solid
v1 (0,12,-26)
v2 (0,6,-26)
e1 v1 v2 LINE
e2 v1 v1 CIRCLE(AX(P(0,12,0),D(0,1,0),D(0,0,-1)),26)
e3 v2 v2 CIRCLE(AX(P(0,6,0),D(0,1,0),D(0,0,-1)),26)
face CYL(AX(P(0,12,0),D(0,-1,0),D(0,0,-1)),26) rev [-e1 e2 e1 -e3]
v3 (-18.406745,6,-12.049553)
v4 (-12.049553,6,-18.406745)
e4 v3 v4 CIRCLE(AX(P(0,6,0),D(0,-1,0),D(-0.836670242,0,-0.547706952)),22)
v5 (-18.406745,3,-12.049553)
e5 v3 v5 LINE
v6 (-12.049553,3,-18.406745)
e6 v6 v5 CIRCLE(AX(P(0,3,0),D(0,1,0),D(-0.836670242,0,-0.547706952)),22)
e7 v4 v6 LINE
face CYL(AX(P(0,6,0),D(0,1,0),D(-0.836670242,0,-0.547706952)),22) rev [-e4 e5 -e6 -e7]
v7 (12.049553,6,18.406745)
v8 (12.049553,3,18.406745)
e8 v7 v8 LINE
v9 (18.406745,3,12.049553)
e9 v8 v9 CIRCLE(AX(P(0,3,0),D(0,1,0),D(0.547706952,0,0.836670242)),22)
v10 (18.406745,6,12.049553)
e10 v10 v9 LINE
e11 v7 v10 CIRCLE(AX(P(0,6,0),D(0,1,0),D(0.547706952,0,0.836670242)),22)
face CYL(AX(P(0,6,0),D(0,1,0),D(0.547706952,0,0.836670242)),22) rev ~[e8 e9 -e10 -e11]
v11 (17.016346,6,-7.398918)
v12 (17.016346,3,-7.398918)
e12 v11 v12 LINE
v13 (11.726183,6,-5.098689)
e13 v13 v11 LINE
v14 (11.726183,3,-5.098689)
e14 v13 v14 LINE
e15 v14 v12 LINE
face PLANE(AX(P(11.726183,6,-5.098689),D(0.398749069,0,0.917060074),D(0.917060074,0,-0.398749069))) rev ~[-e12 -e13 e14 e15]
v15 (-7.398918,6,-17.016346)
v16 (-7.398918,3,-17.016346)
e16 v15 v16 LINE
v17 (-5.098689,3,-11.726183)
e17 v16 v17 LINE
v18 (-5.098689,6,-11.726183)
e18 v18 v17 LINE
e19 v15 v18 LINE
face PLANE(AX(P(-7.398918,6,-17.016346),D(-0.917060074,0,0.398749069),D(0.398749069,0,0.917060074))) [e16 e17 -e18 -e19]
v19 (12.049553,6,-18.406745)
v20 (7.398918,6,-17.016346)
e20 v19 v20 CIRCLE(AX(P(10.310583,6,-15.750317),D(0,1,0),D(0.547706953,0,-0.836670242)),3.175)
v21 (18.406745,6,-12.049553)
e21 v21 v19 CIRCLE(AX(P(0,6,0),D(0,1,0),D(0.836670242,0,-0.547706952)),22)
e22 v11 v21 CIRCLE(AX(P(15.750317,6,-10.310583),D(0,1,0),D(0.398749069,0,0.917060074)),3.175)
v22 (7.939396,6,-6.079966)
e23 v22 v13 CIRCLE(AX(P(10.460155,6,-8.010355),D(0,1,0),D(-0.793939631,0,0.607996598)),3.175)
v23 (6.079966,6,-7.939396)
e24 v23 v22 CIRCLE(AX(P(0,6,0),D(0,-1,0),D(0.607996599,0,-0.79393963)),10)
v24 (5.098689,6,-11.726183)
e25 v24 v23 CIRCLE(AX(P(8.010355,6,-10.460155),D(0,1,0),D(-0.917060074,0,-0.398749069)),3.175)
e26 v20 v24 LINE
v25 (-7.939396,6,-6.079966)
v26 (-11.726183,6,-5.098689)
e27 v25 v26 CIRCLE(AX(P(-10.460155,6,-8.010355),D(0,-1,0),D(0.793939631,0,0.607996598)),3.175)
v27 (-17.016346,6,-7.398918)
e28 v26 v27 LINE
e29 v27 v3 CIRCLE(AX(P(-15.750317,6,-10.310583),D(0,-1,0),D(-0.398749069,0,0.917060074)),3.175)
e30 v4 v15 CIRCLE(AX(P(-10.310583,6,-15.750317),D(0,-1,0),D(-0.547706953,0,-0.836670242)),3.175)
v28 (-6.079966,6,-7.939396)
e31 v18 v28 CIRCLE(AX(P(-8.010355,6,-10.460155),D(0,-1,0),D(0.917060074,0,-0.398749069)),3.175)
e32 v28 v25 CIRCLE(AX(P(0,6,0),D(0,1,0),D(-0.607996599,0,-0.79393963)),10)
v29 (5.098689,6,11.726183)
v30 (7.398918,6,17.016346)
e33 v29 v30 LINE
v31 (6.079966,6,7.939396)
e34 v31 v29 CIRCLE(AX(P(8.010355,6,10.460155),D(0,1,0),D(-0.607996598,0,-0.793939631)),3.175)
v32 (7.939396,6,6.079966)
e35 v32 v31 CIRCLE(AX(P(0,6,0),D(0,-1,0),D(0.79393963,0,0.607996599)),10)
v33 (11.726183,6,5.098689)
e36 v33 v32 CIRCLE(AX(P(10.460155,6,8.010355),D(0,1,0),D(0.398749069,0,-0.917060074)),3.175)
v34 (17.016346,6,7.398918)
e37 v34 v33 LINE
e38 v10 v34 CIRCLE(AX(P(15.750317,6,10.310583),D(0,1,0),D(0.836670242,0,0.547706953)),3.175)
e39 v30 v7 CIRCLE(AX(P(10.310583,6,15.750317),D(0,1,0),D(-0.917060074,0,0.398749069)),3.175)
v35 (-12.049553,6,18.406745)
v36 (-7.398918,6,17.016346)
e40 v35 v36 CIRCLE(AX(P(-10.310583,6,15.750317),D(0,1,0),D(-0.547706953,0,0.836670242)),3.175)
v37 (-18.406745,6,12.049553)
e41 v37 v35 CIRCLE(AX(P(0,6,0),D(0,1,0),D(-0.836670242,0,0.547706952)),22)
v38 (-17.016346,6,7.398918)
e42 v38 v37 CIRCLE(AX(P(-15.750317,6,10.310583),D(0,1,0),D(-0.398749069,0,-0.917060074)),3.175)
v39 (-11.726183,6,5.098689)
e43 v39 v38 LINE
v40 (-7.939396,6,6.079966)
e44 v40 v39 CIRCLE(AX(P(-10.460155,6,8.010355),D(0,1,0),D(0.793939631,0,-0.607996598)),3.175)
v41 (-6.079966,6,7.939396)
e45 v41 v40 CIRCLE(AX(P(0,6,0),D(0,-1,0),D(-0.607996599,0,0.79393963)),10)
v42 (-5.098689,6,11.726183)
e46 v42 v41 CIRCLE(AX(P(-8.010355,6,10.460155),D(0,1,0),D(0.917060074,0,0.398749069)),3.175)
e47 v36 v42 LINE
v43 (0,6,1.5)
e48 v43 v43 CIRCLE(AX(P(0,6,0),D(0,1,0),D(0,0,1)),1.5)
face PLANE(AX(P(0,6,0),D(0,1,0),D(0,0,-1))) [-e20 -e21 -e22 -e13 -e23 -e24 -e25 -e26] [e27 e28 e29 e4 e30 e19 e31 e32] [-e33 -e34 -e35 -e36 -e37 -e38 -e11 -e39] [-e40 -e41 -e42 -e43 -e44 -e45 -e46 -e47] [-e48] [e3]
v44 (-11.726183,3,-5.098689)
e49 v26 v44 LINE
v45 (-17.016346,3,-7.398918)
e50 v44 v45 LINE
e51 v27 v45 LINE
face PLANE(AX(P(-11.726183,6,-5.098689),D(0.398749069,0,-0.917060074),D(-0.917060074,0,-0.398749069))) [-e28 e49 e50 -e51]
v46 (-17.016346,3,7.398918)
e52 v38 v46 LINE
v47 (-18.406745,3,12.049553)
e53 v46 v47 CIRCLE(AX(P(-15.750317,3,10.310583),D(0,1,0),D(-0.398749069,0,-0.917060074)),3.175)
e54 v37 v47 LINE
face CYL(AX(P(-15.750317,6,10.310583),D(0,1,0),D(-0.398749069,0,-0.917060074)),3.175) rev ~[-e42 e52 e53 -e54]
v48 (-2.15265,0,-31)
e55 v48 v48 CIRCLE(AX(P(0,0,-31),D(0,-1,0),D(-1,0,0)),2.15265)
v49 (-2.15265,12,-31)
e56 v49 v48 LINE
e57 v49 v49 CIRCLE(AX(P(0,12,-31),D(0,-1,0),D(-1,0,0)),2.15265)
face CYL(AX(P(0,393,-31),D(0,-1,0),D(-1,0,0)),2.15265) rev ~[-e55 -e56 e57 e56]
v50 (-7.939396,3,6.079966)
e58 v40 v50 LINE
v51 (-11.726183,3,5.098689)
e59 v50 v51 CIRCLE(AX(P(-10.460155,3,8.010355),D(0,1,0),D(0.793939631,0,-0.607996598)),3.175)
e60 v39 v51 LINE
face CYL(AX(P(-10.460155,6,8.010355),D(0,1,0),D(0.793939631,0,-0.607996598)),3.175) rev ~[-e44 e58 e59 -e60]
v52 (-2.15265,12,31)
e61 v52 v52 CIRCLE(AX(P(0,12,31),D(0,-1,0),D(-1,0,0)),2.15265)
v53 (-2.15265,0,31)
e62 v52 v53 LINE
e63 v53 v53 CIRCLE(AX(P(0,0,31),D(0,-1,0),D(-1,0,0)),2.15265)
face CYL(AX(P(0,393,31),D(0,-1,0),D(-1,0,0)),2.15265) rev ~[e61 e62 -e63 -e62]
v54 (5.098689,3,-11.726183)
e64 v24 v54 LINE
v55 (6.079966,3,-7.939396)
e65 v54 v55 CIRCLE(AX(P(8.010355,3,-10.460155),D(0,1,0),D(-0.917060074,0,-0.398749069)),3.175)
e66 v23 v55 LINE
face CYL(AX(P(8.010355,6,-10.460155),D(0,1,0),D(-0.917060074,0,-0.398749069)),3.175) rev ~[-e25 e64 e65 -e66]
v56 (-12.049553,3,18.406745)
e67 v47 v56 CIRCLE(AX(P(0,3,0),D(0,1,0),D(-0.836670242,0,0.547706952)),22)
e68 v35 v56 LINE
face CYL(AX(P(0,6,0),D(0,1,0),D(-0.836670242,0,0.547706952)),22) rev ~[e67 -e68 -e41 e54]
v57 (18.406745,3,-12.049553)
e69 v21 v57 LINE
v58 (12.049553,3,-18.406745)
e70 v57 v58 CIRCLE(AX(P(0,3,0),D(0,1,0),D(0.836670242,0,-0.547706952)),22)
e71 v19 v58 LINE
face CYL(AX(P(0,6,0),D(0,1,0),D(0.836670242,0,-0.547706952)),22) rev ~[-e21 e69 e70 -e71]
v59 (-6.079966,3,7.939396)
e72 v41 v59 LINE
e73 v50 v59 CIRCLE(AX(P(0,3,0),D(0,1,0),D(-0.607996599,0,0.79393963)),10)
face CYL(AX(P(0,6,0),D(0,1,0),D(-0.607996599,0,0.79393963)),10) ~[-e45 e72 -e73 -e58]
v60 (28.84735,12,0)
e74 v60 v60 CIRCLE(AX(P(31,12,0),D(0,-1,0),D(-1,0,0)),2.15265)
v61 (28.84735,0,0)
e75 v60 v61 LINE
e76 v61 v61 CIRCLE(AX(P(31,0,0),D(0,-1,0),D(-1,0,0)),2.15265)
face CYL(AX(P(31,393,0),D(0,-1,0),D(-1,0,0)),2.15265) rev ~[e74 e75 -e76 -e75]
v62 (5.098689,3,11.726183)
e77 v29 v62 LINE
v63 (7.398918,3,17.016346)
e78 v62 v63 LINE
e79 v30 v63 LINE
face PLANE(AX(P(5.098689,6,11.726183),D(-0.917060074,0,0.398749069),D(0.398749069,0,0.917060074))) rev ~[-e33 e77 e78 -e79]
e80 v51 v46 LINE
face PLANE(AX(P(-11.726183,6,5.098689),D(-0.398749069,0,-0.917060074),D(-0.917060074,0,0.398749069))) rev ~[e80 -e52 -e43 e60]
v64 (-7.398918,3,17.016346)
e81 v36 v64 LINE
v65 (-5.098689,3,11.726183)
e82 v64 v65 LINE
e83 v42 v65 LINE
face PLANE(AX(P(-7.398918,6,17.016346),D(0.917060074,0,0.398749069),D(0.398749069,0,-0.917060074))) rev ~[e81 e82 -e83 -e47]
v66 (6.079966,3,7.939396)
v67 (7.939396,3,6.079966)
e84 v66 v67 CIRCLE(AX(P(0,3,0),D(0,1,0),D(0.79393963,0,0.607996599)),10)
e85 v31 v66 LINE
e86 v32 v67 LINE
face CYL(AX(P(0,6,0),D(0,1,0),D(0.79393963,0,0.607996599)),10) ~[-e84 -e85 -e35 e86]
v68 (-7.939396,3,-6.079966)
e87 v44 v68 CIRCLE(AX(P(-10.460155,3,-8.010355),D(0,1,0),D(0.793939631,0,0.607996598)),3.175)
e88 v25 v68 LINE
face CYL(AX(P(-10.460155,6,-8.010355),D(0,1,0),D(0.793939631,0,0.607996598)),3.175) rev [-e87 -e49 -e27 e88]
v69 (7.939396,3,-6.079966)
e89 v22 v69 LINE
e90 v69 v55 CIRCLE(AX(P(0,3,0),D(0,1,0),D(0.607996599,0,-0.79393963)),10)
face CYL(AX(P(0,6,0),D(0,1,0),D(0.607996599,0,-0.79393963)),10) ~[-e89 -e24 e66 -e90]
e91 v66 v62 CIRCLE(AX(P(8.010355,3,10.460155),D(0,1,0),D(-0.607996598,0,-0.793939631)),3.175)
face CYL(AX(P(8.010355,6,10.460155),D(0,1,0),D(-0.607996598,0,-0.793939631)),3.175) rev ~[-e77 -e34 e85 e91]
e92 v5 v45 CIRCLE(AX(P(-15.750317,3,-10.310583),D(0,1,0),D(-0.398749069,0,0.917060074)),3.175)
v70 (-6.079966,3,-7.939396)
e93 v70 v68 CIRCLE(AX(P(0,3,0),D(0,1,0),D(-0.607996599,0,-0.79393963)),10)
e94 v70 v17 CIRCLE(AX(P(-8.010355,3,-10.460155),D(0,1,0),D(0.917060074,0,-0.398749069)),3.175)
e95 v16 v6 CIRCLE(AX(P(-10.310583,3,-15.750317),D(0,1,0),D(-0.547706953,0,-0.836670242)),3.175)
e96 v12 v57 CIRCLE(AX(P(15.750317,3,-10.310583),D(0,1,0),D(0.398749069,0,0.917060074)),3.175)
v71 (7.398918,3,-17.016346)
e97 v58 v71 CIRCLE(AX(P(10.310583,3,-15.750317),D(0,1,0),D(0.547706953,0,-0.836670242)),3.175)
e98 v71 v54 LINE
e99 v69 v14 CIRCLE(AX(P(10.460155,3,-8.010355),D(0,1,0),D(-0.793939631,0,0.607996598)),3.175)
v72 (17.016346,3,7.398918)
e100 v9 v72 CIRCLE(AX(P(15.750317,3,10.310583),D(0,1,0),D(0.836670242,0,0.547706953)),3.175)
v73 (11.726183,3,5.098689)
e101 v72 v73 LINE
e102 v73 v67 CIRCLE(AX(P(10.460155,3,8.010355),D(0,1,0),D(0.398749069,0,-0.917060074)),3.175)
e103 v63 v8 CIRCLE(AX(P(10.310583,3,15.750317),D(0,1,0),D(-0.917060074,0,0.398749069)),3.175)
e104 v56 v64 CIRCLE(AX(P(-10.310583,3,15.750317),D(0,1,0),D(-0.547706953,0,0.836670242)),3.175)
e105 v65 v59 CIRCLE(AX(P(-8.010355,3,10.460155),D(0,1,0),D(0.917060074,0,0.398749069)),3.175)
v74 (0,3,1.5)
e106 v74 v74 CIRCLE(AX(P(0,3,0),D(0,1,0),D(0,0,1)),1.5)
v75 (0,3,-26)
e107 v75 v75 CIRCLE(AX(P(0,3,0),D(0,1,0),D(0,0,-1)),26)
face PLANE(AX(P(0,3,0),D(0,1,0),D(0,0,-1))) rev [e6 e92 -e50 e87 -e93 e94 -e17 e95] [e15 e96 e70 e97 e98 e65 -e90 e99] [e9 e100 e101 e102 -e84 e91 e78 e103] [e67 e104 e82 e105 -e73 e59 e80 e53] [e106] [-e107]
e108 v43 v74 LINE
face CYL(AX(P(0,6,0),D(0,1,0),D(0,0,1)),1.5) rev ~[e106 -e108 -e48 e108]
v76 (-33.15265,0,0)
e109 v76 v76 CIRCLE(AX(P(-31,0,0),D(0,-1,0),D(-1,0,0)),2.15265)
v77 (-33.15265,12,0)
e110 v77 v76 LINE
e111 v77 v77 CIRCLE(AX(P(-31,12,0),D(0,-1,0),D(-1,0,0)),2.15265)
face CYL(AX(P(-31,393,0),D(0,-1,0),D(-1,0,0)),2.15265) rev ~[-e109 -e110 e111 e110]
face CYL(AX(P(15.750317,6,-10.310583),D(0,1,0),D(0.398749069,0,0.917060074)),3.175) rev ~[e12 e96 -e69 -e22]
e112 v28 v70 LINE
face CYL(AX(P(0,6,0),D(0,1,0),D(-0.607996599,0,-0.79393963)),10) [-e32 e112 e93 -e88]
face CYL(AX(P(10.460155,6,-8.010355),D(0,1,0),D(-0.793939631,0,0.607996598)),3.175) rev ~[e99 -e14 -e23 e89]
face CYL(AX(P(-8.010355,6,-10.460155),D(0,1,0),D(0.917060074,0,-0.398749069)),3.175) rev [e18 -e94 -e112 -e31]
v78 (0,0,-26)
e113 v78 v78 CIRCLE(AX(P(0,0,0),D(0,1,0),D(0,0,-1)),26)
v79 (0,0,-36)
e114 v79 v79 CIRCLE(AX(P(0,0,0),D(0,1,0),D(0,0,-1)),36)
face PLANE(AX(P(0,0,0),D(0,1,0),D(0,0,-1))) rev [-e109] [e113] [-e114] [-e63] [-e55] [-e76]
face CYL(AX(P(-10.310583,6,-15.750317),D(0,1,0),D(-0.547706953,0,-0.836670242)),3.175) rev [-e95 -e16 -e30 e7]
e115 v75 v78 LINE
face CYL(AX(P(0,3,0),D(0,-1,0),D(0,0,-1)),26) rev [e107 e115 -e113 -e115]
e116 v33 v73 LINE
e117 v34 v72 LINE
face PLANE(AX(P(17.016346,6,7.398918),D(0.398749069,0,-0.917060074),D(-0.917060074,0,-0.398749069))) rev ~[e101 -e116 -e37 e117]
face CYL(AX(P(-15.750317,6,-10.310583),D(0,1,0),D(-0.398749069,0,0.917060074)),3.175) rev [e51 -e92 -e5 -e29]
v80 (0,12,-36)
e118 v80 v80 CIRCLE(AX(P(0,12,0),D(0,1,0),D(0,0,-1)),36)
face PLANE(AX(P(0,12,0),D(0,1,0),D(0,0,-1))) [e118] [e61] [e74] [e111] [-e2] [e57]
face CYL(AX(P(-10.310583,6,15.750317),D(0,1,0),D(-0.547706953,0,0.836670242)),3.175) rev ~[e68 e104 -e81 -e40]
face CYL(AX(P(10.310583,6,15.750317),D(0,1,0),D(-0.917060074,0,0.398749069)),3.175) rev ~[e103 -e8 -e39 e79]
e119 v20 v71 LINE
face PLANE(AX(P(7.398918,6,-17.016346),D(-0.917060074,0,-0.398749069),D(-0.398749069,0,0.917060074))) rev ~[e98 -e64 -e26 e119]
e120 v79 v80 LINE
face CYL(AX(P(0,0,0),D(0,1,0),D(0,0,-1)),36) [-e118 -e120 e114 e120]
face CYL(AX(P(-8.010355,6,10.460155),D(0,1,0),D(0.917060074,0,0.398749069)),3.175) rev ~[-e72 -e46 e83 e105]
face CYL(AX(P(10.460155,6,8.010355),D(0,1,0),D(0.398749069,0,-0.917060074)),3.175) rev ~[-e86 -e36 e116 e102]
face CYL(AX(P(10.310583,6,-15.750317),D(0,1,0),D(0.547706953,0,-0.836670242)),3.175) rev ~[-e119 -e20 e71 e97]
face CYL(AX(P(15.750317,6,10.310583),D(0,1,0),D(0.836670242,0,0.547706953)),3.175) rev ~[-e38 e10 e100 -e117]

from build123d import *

# Parameters (mm, degrees)
CUT_EXTRUDE1_REACH               = 53.264
F_18_0_1695_DIAMETER_HOLE1_D     = 4.3053
F_18_0_1695_DIAMETER_HOLE1_DEPTH = 381
F_18_0_1695_DIAMETER_HOLE1_TIP   = 1.293442612
CUT_EXTRUDE2_REACH               = 53.264
SKETCH5_R                        = 1.5


with BuildPart() as part:
    # Sketch1 → Revolve1 (revolve)
    with BuildSketch(Plane.XY):
        Polygon((0, 3), (26, 3), (26, 0), (36, 0), (36, 12), (26, 12), (26, 6), (0, 6), align=None)
    revolve(axis=Axis((0, 0, 0), (0, 1, 0)))

    # Sketch2 → Cut-Extrude1 (cut, up to next)
    with BuildSketch(Plane(origin=(0, 6, 0), x_dir=(1, 0, 0), z_dir=(0, 1, 0)), mode=Mode.PRIVATE) as cut_extrude1_sk1:
        with BuildLine():
            Line((7.398917645, 17.016345603), (5.098689446, 11.726182923))
            ThreePointArc((5.098689446, 11.726182923), (4.936869827, 9.663717077), (6.079965983, 7.939396303))
            ThreePointArc((6.079965983, 7.939396303), (7.071067812, 7.071067812), (7.939396303, 6.079965983))
            ThreePointArc((7.939396303, 6.079965983), (9.663717077, 4.936869827), (11.726182923, 5.098689446))
            Line((11.726182923, 5.098689446), (17.016345603, 7.398917645))
            ThreePointArc((17.016345603, 7.398917645), (18.792276888, 9.401129193), (18.406745328, 12.049552955))
            ThreePointArc((18.406745328, 12.049552955), (15.556349186, 15.556349186), (12.049552955, 18.406745328))
            ThreePointArc((12.049552955, 18.406745328), (9.401129193, 18.792276888), (7.398917645, 17.016345603))
        make_face()
    cut_extrude1_tool1 = extrude(cut_extrude1_sk1.sketch, amount=-CUT_EXTRUDE1_REACH, mode=Mode.PRIVATE) & part.part
    # Sketch2 → Cut-Extrude1 (cut, up to next)
    with BuildSketch(Plane(origin=(0, 6, 0), x_dir=(1, 0, 0), z_dir=(0, 1, 0)), mode=Mode.PRIVATE) as cut_extrude1_sk2:
        with BuildLine():
            Line((-7.398917645, 17.016345603), (-5.098689446, 11.726182923))
            ThreePointArc((-5.098689446, 11.726182923), (-4.936869827, 9.663717077), (-6.079965983, 7.939396303))
            ThreePointArc((-6.079965983, 7.939396303), (-7.071067812, 7.071067812), (-7.939396303, 6.079965983))
            ThreePointArc((-7.939396303, 6.079965983), (-9.663717077, 4.936869827), (-11.726182923, 5.098689446))
            Line((-11.726182923, 5.098689446), (-17.016345603, 7.398917645))
            ThreePointArc((-17.016345603, 7.398917645), (-18.792276888, 9.401129193), (-18.406745328, 12.049552955))
            ThreePointArc((-18.406745328, 12.049552955), (-15.556349186, 15.556349186), (-12.049552955, 18.406745328))
            ThreePointArc((-12.049552955, 18.406745328), (-9.401129193, 18.792276888), (-7.398917645, 17.016345603))
        make_face()
    cut_extrude1_tool2 = extrude(cut_extrude1_sk2.sketch, amount=-CUT_EXTRUDE1_REACH, mode=Mode.PRIVATE) & part.part
    # Sketch2 → Cut-Extrude1 (cut, up to next)
    with BuildSketch(Plane(origin=(0, 6, 0), x_dir=(1, 0, 0), z_dir=(0, 1, 0)), mode=Mode.PRIVATE) as cut_extrude1_sk3:
        with BuildLine():
            Line((17.016345603, -7.398917645), (11.726182923, -5.098689446))
            ThreePointArc((11.726182923, -5.098689446), (9.663717077, -4.936869827), (7.939396303, -6.079965983))
            ThreePointArc((7.939396303, -6.079965983), (7.071067812, -7.071067812), (6.079965983, -7.939396303))
            ThreePointArc((6.079965983, -7.939396303), (4.936869827, -9.663717077), (5.098689446, -11.726182923))
            Line((5.098689446, -11.726182923), (7.398917645, -17.016345603))
            ThreePointArc((7.398917645, -17.016345603), (9.401129193, -18.792276888), (12.049552955, -18.406745328))
            ThreePointArc((12.049552955, -18.406745328), (15.556349186, -15.556349186), (18.406745328, -12.049552955))
            ThreePointArc((18.406745328, -12.049552955), (18.792276888, -9.401129193), (17.016345603, -7.398917645))
        make_face()
    cut_extrude1_tool3 = extrude(cut_extrude1_sk3.sketch, amount=-CUT_EXTRUDE1_REACH, mode=Mode.PRIVATE) & part.part
    # Sketch2 → Cut-Extrude1 (cut, up to next)
    with BuildSketch(Plane(origin=(0, 6, 0), x_dir=(1, 0, 0), z_dir=(0, 1, 0)), mode=Mode.PRIVATE) as cut_extrude1_sk4:
        with BuildLine():
            Line((-7.398917645, -17.016345603), (-5.098689446, -11.726182923))
            ThreePointArc((-5.098689446, -11.726182923), (-4.936869827, -9.663717077), (-6.079965983, -7.939396303))
            ThreePointArc((-6.079965983, -7.939396303), (-7.071067812, -7.071067812), (-7.939396303, -6.079965983))
            ThreePointArc((-7.939396303, -6.079965983), (-9.663717077, -4.936869827), (-11.726182923, -5.098689446))
            Line((-11.726182923, -5.098689446), (-17.016345603, -7.398917645))
            ThreePointArc((-17.016345603, -7.398917645), (-18.792276888, -9.401129193), (-18.406745328, -12.049552955))
            ThreePointArc((-18.406745328, -12.049552955), (-15.556349186, -15.556349186), (-12.049552955, -18.406745328))
            ThreePointArc((-12.049552955, -18.406745328), (-9.401129193, -18.792276888), (-7.398917645, -17.016345603))
        make_face()
    cut_extrude1_tool4 = extrude(cut_extrude1_sk4.sketch, amount=-CUT_EXTRUDE1_REACH, mode=Mode.PRIVATE) & part.part
    add(cut_extrude1_tool1.solids().sort_by_distance((11.555905, 6, -11.555905))[0], mode=Mode.SUBTRACT)
    add(cut_extrude1_tool2.solids().sort_by_distance((-11.555905, 6, -11.555905))[0], mode=Mode.SUBTRACT)
    add(cut_extrude1_tool3.solids().sort_by_distance((11.555905, 6, 11.555905))[0], mode=Mode.SUBTRACT)
    add(cut_extrude1_tool4.solids().sort_by_distance((-11.555905, 6, 11.555905))[0], mode=Mode.SUBTRACT)

    # #18 (0.1695) Diameter Hole1
    with Locations(Plane(origin=(0, 12, 0), x_dir=(1, 0, 0), z_dir=(0, 1, 0))):
        with Locations((0, 31), (0, -31), (-31, 0), (31, 0)):
            Hole(F_18_0_1695_DIAMETER_HOLE1_D / 2, depth=F_18_0_1695_DIAMETER_HOLE1_DEPTH)
            with Locations((0, 0, -(F_18_0_1695_DIAMETER_HOLE1_DEPTH + F_18_0_1695_DIAMETER_HOLE1_TIP / 2))):  # 118° drill point
                Cone(0, F_18_0_1695_DIAMETER_HOLE1_D / 2, F_18_0_1695_DIAMETER_HOLE1_TIP, mode=Mode.SUBTRACT)

    # Sketch5 → Cut-Extrude2 (cut, up to next)
    with BuildSketch(Plane(origin=(0, 6, 0), x_dir=(1, 0, 0), z_dir=(0, 1, 0)), mode=Mode.PRIVATE) as cut_extrude2_sk1:
        Circle(SKETCH5_R)
    cut_extrude2_tool1 = extrude(cut_extrude2_sk1.sketch, amount=-CUT_EXTRUDE2_REACH, mode=Mode.PRIVATE) & part.part
    add(cut_extrude2_tool1.solids().sort_by_distance((0, 6, 0))[0], mode=Mode.SUBTRACT)


solid = part.part
